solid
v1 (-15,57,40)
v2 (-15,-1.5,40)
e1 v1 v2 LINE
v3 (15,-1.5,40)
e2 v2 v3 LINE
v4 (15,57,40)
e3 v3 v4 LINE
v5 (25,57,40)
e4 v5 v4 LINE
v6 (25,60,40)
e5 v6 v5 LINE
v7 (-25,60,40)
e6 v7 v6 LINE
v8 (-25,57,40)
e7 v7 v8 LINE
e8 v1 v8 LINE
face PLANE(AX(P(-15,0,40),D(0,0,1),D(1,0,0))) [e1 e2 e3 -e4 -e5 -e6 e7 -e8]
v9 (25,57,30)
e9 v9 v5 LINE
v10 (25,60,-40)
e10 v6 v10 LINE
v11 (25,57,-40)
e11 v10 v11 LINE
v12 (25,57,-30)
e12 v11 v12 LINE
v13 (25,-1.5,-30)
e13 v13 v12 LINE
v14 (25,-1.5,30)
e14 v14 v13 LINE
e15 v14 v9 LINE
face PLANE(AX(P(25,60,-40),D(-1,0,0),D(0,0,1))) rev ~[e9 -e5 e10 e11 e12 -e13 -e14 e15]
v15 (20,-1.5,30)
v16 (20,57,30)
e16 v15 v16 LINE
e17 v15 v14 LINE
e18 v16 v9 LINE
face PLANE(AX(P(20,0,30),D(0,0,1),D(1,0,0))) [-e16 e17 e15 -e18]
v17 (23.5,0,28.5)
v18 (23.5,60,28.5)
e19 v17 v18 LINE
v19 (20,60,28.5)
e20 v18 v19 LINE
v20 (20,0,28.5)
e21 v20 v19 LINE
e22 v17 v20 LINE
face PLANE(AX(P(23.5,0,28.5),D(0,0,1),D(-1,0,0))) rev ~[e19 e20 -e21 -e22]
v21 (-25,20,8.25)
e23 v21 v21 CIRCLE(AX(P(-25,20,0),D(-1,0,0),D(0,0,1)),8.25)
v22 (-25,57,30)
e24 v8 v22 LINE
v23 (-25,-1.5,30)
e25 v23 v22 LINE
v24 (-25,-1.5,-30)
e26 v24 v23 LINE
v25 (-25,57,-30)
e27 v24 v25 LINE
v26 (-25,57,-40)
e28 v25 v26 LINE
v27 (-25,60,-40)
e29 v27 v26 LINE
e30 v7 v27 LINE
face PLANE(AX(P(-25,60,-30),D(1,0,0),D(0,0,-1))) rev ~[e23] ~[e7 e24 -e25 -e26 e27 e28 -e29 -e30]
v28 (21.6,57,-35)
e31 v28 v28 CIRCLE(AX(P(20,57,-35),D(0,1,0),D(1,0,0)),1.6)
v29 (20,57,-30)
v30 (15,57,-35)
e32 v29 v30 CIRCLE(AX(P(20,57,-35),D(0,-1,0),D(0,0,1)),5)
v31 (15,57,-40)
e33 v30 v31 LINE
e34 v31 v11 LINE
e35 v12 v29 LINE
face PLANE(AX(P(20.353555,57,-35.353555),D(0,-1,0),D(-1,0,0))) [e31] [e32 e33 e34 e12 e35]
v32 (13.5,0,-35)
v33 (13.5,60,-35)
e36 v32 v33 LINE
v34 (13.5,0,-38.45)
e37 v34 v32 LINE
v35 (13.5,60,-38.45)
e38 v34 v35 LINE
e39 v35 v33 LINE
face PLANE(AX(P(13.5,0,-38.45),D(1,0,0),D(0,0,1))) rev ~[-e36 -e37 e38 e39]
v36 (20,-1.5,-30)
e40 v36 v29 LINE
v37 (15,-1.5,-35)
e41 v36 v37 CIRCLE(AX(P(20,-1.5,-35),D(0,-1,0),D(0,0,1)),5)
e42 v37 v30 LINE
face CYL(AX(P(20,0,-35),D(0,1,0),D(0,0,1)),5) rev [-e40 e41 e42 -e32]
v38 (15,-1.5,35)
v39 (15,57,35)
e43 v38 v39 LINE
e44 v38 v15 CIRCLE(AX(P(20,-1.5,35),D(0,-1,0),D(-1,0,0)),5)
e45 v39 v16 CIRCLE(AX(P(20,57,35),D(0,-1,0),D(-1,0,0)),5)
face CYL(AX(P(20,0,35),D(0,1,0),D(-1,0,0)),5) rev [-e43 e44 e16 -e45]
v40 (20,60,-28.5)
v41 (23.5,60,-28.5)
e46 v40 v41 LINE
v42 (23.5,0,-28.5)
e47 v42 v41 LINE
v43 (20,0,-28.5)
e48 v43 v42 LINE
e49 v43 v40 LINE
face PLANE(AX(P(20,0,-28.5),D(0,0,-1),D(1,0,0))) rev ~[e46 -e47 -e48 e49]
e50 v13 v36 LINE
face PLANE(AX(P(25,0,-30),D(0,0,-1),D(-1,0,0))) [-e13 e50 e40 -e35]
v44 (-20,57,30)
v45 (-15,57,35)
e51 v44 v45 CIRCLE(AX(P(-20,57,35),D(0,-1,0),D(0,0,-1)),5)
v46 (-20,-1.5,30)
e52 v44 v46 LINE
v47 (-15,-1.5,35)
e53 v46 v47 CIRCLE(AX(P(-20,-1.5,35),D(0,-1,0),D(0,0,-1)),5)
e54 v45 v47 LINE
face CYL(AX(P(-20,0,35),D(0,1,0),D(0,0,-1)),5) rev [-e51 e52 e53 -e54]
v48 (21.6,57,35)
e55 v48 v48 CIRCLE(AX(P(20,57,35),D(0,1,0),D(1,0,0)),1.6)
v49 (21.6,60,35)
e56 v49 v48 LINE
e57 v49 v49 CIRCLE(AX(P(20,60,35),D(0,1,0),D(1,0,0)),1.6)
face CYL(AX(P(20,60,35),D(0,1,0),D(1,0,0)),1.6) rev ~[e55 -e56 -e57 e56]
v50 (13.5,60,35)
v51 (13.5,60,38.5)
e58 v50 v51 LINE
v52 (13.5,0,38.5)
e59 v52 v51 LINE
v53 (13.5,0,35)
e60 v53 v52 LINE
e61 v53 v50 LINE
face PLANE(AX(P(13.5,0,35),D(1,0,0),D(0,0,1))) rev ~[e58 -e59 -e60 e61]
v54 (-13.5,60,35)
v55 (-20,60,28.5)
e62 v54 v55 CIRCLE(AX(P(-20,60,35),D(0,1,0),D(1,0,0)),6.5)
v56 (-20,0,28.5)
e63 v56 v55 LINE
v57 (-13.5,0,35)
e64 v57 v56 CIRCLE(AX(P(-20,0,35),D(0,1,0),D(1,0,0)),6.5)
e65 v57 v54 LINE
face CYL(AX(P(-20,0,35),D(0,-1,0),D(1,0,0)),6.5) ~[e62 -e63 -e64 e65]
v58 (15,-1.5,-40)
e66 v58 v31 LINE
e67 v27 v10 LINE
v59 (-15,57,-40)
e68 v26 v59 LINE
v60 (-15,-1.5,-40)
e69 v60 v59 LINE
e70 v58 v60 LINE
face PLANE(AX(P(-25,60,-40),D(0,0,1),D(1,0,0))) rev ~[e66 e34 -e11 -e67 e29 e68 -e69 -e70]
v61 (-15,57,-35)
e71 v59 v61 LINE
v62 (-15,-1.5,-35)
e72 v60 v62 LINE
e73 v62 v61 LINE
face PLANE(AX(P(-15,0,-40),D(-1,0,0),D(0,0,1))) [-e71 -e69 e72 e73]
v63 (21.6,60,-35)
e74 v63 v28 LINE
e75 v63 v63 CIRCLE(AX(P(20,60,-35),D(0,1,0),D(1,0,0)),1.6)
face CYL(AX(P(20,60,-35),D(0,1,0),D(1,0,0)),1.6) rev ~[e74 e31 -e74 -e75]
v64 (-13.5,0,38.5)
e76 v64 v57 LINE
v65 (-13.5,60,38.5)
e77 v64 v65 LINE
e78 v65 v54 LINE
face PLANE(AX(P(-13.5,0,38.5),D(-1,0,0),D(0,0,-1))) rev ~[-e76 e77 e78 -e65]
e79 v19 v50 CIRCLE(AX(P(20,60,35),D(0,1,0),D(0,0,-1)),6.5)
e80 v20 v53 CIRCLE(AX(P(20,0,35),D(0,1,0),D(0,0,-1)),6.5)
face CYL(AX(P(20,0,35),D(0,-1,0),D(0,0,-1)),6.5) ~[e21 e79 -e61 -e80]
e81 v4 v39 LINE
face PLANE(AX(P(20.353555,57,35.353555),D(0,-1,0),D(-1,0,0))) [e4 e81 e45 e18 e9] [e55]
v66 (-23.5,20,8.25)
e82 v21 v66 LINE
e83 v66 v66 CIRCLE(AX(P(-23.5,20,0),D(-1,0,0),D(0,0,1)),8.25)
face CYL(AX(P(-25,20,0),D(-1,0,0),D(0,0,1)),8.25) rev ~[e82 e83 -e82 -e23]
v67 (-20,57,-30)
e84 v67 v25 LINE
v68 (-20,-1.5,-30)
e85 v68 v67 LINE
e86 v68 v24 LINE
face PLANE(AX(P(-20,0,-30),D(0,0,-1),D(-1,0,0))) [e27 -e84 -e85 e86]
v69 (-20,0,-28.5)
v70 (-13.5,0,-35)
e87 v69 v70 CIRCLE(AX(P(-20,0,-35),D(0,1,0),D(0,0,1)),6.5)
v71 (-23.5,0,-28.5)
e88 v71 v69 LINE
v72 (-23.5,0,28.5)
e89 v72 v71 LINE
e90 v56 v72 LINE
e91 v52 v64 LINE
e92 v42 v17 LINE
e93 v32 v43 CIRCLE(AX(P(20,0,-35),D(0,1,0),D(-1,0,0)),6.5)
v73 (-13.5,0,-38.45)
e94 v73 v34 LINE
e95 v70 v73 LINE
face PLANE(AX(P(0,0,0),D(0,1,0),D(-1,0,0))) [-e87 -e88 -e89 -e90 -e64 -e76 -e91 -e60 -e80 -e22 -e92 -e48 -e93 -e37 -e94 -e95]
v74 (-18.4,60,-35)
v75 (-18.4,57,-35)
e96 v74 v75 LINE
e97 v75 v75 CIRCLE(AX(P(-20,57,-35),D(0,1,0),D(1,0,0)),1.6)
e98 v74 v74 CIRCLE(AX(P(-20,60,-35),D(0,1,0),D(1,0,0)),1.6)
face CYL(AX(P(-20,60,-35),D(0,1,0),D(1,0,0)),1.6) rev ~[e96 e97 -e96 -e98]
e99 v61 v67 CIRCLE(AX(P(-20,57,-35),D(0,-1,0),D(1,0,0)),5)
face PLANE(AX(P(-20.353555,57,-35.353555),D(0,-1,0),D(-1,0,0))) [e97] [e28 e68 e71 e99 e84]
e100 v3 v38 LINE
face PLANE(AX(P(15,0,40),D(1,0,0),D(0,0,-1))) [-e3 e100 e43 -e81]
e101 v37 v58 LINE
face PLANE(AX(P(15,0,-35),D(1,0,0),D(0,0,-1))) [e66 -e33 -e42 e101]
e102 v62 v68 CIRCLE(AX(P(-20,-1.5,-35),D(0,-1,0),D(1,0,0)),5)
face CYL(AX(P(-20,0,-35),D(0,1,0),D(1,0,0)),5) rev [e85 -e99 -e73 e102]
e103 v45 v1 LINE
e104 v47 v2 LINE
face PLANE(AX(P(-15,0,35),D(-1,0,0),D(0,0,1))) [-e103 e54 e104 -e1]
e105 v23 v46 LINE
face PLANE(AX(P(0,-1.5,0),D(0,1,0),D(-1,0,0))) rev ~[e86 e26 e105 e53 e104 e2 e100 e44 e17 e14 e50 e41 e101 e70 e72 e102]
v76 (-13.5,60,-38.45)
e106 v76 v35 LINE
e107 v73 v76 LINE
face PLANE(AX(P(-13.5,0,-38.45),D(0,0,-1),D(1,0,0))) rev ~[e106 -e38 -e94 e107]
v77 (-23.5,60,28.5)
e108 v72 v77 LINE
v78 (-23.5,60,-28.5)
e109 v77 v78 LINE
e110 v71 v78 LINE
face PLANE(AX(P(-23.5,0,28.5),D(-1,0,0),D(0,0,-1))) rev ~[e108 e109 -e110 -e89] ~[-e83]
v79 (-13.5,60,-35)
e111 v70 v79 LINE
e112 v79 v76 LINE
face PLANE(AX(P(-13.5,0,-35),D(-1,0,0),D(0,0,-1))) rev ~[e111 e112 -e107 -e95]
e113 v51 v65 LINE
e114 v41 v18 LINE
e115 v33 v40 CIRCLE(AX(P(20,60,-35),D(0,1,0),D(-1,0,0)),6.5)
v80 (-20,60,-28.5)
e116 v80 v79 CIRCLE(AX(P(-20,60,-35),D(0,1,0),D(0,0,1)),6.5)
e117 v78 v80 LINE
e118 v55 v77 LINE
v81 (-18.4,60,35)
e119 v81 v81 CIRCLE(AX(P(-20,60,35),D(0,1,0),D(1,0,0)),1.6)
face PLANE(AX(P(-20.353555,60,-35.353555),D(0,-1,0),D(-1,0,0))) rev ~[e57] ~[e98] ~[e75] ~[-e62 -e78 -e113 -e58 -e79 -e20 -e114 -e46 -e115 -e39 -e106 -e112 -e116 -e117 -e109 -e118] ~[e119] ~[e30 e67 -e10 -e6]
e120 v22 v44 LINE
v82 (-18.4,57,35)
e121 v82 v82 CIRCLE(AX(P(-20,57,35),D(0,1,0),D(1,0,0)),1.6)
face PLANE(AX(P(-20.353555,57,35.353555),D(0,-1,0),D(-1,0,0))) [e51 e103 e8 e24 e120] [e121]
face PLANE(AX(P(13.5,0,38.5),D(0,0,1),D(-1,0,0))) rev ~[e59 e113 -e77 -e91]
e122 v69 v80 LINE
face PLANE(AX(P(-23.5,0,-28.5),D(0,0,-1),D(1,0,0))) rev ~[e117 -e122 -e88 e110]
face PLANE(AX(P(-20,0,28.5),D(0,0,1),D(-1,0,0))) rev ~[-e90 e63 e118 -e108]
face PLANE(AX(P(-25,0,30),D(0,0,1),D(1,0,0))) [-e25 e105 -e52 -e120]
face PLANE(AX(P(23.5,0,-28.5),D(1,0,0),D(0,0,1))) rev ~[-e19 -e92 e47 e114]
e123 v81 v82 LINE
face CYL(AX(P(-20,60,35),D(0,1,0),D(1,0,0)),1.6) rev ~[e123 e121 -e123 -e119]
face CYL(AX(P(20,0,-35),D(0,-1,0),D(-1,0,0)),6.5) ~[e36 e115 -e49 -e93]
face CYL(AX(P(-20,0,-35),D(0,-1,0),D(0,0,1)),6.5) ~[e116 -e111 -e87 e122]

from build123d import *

# Parameters (mm, degrees)
BOSS_EXTRUDE6_DEPTH = 60
BOSS_EXTRUDE8_DEPTH = 1.5
BOSS_EXTRUDE9_DEPTH = 3
SKETCH15_R          = 1.6
CUT_EXTRUDE4_DEPTH  = 62.5
SKETCH11_R          = 8.25
CUT_EXTRUDE3_DEPTH  = 1.5


with BuildPart() as part:
    # Sketch1 → Boss-Extrude6 (new body)
    with BuildSketch(Plane(origin=(0, 0, 0), x_dir=(1, 0, 0), z_dir=(0, 1, 0))):
        with BuildLine():
            Line((-15, -35), (-15, -40))
            Line((-15, -40), (-13.5, -40))
            Line((-13.5, -40), (13.5, -40))
            Line((13.5, -40), (15, -40))
            Line((15, -40), (15, -35))
            ThreePointArc((15, -35), (16.464466094, -31.464466094), (20, -30))
            Line((20, -30), (25, -30))
            Line((25, -30), (25, -28.5))
            Line((25, -28.5), (25, 28.5))
            Line((25, 28.5), (25, 30))
            Line((25, 30), (20, 30))
            ThreePointArc((20, 30), (16.464466094, 31.464466094), (15, 35))
            Line((15, 35), (15, 40))
            Line((15, 40), (13.5, 40))
            Line((13.5, 40), (-13.5, 40))
            Line((-13.5, 40), (-15, 40))
            Line((-15, 40), (-15, 35))
            ThreePointArc((-15, 35), (-16.464466094, 31.464466094), (-20, 30))
            Line((-20, 30), (-25, 30))
            Line((-25, 30), (-25, 28.5))
            Line((-25, 28.5), (-25, -28.5))
            Line((-25, -28.5), (-25, -30))
            Line((-25, -30), (-20, -30))
            ThreePointArc((-20, -30), (-16.464466094, -31.464466094), (-15, -35))
        make_face()
        with BuildLine():
            Line((20, 28.5), (23.5, 28.5))
            Line((23.5, 28.5), (23.5, -28.5))
            Line((23.5, -28.5), (20, -28.5))
            ThreePointArc((20, -28.5), (15.403805922, -30.403805922), (13.5, -35))
            Line((13.5, -35), (13.5, -38.5))
            Line((13.5, -38.5), (-13.5, -38.5))
            Line((-13.5, -38.5), (-13.5, -35))
            ThreePointArc((-13.5, -35), (-15.403805922, -30.403805922), (-20, -28.5))
            Line((-20, -28.5), (-23.5, -28.5))
            Line((-23.5, -28.5), (-23.5, 28.5))
            Line((-23.5, 28.5), (-20, 28.5))
            ThreePointArc((-20, 28.5), (-15.403805922, 30.403805922), (-13.5, 35))
            Line((-13.5, 35), (-13.5, 38.45))
            Line((-13.5, 38.45), (13.5, 38.45))
            Line((13.5, 38.45), (13.5, 35))
            ThreePointArc((13.5, 35), (15.403805922, 30.403805922), (20, 28.5))
        make_face(mode=Mode.SUBTRACT)
    extrude(amount=BOSS_EXTRUDE6_DEPTH)

    # Sketch7 → Boss-Extrude8 (add)
    with BuildSketch(Plane.XZ):
        with BuildLine():
            Line((-15, 40), (15, 40))
            Line((15, 40), (15, 35))
            ThreePointArc((15, 35), (16.464466094, 31.464466094), (20, 30))
            Line((20, 30), (25, 30))
            Line((25, 30), (25, -30))
            Line((25, -30), (20, -30))
            ThreePointArc((20, -30), (16.464466094, -31.464466094), (15, -35))
            Line((15, -35), (15, -40))
            Line((15, -40), (-15, -40))
            Line((-15, -40), (-15, -35))
            ThreePointArc((-15, -35), (-16.464466094, -31.464466094), (-20, -30))
            Line((-20, -30), (-25, -30))
            Line((-25, -30), (-25, 30))
            Line((-25, 30), (-20, 30))
            ThreePointArc((-20, 30), (-16.464466094, 31.464466094), (-15, 35))
            Line((-15, 35), (-15, 40))
        make_face()
    extrude(amount=BOSS_EXTRUDE8_DEPTH)

    # Sketch12 → Boss-Extrude9 (add)
    with BuildSketch(Plane(origin=(0, 60, 0), x_dir=(1, 0, 0), z_dir=(0, 1, 0))):
        with BuildLine():
            Line((-25, 40), (-15, 40))
            Line((-15, 40), (-15, 35))
            ThreePointArc((-15, 35), (-16.464466094, 31.464466094), (-20, 30))
            Line((-20, 30), (-25, 30))
            Line((-25, 30), (-25, 40))
        make_face()
        with BuildLine():
            Line((15, 40), (25, 40))
            Line((25, 40), (25, 30))
            Line((25, 30), (20, 30))
            ThreePointArc((20, 30), (16.464466094, 31.464466094), (15, 35))
            Line((15, 35), (15, 40))
        make_face()
        with BuildLine():
            Line((20, -30), (25, -30))
            Line((25, -30), (25, -40))
            Line((25, -40), (15, -40))
            Line((15, -40), (15, -35))
            ThreePointArc((15, -35), (16.464466094, -31.464466094), (20, -30))
        make_face()
        with BuildLine():
            Line((-15, -40), (-25, -40))
            Line((-25, -40), (-25, -30))
            Line((-25, -30), (-20, -30))
            ThreePointArc((-20, -30), (-16.464466094, -31.464466094), (-15, -35))
            Line((-15, -35), (-15, -40))
        make_face()
    extrude(amount=-BOSS_EXTRUDE9_DEPTH)

    # Sketch15 → Cut-Extrude4 (cut, through all)
    with BuildSketch(Plane(origin=(0, 60, 0), x_dir=(1, 0, 0), z_dir=(0, 1, 0))):
        with Locations((-20, -35)):
            Circle(SKETCH15_R)
        with Locations((20, -35)):
            Circle(SKETCH15_R)
        with Locations((20, 35)):
            Circle(SKETCH15_R)
        with Locations((-20, 35)):
            Circle(SKETCH15_R)
    extrude(amount=-CUT_EXTRUDE4_DEPTH, mode=Mode.SUBTRACT)

    # Sketch11 → Cut-Extrude3 (cut)
    with BuildSketch(Plane.ZY.offset(25)):
        with Locations((0, 20)):
            Circle(SKETCH11_R)
    extrude(amount=-CUT_EXTRUDE3_DEPTH, mode=Mode.SUBTRACT)


solid = part.part
